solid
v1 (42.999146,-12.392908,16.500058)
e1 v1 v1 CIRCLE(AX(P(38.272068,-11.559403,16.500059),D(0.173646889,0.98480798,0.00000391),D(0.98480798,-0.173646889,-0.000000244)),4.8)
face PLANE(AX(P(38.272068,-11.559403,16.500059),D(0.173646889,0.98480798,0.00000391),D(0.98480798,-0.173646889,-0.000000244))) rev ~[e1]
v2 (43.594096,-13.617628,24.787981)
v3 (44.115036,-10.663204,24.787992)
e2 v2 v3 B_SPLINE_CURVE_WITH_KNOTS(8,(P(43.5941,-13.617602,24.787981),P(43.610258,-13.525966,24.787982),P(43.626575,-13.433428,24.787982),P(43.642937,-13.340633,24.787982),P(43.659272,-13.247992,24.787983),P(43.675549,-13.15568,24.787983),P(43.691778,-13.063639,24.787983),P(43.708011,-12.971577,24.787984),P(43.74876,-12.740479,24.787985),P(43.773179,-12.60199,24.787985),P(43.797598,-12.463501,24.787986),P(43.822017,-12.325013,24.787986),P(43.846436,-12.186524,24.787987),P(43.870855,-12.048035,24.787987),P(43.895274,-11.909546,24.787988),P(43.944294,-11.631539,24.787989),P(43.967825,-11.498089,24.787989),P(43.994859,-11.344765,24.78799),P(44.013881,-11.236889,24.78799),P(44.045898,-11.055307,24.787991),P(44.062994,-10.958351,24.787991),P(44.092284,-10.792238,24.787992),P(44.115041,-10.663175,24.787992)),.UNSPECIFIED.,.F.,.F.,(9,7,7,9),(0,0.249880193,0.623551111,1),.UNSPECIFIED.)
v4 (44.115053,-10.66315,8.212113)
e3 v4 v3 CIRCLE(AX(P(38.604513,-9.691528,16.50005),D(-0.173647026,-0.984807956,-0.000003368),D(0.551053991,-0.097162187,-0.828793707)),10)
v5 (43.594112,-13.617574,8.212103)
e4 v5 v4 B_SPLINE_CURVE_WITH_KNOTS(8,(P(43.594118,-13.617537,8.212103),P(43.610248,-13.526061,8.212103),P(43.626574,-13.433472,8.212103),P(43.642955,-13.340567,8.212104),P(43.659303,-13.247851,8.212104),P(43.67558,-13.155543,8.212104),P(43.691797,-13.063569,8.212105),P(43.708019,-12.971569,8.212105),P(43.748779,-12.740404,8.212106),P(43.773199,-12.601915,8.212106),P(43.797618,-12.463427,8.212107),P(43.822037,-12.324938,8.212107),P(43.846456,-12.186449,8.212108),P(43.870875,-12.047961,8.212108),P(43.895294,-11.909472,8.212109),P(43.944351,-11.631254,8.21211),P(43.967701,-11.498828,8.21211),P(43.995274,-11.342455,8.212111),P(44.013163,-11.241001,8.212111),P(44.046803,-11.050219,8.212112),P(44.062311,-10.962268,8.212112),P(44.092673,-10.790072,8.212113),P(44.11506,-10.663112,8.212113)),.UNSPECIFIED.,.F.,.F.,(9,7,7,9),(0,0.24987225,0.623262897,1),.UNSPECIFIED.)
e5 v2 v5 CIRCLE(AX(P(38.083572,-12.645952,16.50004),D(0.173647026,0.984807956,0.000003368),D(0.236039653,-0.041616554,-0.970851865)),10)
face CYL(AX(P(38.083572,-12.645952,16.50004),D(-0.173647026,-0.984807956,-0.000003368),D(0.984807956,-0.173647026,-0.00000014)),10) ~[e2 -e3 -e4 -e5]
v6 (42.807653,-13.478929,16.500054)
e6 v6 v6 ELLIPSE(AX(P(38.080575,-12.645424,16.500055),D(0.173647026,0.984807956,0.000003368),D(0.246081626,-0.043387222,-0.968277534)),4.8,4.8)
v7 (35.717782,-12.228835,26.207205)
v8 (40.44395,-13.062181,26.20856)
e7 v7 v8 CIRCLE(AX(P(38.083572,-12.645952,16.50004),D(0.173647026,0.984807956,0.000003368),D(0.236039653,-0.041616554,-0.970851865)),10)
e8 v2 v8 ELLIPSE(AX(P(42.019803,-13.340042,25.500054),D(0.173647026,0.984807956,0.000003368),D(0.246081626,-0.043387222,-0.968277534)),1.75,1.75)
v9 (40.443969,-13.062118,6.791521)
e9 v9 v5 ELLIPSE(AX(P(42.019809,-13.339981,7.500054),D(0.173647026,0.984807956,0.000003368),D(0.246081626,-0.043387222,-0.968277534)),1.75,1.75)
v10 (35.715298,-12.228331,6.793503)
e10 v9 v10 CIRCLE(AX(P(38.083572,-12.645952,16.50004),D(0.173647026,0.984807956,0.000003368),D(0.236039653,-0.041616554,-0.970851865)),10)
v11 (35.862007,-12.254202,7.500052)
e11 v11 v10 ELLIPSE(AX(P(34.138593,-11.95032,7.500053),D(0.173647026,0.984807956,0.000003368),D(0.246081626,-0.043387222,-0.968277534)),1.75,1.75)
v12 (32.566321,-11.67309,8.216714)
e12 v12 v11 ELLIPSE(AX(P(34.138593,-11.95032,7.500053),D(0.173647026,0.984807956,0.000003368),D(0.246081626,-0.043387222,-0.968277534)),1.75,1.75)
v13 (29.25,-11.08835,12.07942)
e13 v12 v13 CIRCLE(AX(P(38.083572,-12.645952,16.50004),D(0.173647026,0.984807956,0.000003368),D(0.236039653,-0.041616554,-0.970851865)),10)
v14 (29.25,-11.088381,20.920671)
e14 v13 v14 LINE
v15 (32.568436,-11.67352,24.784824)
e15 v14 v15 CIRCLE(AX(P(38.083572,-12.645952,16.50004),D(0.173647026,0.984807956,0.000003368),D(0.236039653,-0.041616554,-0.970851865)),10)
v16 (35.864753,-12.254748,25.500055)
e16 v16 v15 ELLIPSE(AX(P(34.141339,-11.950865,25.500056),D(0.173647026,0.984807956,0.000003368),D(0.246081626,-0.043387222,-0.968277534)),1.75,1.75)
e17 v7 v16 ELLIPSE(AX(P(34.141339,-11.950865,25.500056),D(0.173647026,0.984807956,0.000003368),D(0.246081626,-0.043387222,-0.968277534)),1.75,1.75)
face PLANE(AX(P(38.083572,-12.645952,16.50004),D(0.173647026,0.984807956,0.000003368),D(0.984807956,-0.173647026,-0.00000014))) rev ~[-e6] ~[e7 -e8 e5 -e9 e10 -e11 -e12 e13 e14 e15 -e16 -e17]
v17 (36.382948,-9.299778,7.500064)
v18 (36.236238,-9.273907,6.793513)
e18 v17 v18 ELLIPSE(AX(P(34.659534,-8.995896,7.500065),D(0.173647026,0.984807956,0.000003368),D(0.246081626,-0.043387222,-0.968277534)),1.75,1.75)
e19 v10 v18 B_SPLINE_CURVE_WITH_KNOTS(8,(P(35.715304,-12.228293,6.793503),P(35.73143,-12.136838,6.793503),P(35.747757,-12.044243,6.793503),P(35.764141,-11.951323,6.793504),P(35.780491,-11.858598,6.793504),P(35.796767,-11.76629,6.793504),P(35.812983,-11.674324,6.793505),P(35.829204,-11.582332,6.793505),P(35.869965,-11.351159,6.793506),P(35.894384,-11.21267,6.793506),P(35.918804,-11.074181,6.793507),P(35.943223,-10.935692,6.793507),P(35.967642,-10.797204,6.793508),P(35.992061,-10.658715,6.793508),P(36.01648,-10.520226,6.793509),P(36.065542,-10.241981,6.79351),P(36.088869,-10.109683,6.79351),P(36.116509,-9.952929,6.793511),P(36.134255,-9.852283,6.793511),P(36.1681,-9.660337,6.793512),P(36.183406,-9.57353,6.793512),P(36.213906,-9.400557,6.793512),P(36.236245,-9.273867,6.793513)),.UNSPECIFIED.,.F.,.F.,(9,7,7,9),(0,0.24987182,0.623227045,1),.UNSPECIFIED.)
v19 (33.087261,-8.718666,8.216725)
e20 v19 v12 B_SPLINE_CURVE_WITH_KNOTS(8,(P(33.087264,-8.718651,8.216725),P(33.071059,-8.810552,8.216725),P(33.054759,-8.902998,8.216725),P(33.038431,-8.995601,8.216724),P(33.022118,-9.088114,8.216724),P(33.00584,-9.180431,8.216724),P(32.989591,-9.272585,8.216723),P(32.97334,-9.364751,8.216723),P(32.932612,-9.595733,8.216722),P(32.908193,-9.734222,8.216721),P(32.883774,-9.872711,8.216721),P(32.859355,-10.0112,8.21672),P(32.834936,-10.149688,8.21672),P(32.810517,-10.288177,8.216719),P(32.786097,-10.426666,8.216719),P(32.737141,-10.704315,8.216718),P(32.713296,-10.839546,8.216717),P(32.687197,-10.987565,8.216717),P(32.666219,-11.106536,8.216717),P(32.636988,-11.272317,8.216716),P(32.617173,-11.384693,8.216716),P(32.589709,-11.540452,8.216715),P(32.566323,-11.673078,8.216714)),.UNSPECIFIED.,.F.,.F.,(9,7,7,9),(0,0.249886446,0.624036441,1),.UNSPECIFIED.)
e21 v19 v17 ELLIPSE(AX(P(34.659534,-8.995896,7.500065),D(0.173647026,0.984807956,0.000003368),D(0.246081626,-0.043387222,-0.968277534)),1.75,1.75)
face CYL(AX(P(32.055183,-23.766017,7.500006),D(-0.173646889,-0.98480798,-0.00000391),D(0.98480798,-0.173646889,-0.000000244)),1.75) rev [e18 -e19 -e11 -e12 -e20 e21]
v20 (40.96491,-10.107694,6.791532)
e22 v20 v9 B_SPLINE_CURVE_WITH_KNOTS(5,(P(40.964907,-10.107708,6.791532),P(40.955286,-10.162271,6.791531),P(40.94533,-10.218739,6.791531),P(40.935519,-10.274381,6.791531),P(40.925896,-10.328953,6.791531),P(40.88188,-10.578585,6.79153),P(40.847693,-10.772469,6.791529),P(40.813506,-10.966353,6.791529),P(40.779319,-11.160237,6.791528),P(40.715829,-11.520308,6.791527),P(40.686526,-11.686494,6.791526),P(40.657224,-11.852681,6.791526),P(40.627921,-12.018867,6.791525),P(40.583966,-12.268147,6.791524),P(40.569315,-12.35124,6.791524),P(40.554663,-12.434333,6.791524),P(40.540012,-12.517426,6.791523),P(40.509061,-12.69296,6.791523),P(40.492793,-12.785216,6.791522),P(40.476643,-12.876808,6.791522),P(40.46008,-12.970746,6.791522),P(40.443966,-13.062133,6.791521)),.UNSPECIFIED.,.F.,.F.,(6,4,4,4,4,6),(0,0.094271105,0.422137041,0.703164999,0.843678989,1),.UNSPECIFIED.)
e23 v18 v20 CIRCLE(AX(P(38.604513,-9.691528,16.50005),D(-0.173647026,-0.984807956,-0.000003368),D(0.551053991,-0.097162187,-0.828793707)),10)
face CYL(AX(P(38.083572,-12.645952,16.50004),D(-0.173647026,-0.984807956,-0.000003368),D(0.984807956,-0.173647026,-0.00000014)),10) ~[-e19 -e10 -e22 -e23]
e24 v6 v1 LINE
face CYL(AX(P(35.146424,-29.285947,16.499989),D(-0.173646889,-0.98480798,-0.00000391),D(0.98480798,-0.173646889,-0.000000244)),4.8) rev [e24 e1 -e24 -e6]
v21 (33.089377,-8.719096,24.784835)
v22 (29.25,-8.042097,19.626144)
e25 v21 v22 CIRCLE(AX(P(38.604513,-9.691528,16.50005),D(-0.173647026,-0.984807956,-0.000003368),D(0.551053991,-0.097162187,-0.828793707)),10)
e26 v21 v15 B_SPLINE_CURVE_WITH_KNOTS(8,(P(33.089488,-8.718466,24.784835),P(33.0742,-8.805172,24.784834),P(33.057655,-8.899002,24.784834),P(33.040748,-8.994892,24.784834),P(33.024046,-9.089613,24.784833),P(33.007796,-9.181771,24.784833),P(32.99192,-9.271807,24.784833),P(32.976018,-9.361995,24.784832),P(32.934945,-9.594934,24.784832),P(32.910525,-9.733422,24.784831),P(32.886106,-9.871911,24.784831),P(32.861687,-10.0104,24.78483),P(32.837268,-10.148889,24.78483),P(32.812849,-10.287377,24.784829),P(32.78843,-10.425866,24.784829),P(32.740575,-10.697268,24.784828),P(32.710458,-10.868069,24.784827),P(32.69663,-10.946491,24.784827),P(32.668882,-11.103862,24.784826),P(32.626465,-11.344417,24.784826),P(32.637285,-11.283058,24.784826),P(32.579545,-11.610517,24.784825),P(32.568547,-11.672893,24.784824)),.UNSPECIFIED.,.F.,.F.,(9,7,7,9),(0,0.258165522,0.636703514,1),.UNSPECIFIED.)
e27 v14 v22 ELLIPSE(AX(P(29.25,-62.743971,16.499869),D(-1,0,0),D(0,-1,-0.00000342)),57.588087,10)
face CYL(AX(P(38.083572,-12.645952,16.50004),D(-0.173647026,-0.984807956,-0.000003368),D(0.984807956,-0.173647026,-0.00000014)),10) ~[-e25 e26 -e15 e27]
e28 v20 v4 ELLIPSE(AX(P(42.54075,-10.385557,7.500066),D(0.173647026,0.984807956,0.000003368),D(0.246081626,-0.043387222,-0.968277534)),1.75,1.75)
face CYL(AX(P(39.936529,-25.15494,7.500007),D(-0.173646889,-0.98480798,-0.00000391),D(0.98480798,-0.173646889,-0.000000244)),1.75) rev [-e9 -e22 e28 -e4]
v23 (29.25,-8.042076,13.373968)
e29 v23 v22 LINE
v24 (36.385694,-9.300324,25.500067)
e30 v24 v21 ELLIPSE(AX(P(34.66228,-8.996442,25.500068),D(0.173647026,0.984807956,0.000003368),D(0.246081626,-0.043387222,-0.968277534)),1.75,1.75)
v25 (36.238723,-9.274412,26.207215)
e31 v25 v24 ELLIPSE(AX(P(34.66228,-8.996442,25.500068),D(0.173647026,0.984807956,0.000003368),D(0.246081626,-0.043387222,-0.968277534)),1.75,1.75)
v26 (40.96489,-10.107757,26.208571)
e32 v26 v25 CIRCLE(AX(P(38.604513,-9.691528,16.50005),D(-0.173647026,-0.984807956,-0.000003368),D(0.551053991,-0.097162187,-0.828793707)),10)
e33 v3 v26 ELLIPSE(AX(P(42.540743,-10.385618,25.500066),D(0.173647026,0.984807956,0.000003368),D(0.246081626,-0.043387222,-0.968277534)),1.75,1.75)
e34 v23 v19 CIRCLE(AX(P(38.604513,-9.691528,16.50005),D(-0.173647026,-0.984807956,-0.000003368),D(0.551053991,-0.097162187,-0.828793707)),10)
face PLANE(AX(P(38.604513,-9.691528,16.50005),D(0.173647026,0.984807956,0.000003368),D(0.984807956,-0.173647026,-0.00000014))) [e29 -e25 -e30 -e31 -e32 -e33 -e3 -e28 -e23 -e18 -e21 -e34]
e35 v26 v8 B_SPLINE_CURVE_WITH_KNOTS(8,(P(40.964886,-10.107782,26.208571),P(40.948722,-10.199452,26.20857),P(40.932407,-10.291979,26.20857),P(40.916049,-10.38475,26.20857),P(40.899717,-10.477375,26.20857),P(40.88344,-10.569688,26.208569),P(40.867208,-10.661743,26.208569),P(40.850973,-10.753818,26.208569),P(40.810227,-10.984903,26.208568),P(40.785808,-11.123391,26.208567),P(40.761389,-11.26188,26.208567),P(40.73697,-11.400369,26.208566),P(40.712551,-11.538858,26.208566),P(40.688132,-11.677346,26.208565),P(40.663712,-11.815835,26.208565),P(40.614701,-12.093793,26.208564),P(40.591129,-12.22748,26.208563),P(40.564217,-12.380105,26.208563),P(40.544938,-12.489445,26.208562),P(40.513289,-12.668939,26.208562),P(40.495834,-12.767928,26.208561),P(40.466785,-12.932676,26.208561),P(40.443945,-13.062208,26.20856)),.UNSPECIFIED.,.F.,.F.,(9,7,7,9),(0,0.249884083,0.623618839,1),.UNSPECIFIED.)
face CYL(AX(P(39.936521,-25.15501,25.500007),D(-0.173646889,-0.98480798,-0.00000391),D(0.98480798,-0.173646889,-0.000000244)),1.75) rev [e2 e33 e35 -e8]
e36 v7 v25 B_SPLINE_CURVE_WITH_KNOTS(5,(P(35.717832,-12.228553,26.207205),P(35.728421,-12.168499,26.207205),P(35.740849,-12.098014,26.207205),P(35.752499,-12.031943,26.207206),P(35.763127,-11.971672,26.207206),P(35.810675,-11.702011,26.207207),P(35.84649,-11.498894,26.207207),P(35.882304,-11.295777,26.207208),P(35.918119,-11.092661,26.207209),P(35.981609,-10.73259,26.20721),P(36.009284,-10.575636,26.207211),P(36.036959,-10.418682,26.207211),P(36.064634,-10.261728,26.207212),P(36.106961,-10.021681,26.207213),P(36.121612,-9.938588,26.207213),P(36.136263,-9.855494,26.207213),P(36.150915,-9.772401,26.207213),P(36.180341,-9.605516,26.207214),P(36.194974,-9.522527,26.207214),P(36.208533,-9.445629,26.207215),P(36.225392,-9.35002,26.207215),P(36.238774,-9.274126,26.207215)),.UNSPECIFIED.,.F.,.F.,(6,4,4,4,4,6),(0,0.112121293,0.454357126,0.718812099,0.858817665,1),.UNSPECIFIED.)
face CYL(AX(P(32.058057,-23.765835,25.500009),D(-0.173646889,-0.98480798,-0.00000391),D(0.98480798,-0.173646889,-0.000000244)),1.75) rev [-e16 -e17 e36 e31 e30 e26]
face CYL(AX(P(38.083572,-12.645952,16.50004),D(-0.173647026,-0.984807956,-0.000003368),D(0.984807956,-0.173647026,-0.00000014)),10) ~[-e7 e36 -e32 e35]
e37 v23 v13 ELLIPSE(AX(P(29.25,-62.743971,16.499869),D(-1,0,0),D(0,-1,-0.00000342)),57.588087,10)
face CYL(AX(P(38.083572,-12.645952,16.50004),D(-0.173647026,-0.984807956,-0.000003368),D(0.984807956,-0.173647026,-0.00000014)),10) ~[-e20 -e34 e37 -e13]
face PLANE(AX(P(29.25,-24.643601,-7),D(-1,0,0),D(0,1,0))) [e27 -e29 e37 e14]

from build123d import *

# Parameters (mm, degrees)
CYLINDER064_R               = 4.8
CYLINDER064_DEPTH           = 18
CYLINDER064_ROLL_ANGLE      = -89.999776
CYLINDER064_PITCH_ANGLE     = 1.4e-05
CYLINDER064_PLACEMENT_ANGLE = -9.999925
PAD011_DEPTH                = 47
CYLINDER051_R               = 1.75
CYLINDER051_DEPTH           = 18
CYLINDER051_ROLL_ANGLE      = -89.999776
CYLINDER051_PITCH_ANGLE     = 1.4e-05
CYLINDER051_PLACEMENT_ANGLE = -9.999925
CYLINDER053_R               = 1.75
CYLINDER053_DEPTH           = 18
CYLINDER053_ROLL_ANGLE      = -89.999776
CYLINDER053_PITCH_ANGLE     = 1.4e-05
CYLINDER053_PLACEMENT_ANGLE = -9.999925
CYLINDER054_R               = 1.75
CYLINDER054_DEPTH           = 18
CYLINDER054_ROLL_ANGLE      = -89.999776
CYLINDER054_PITCH_ANGLE     = 1.4e-05
CYLINDER054_PLACEMENT_ANGLE = -9.999925
CYLINDER059_R               = 1.75
CYLINDER059_DEPTH           = 18
CYLINDER059_ROLL_ANGLE      = -89.999776
CYLINDER059_PITCH_ANGLE     = 1.4e-05
CYLINDER059_PLACEMENT_ANGLE = -9.999925
CYLINDER055_R               = 10
CYLINDER055_DEPTH           = 3
CYLINDER055_ROLL_ANGLE      = -89.999807
CYLINDER055_PITCH_ANGLE     = 8e-06
CYLINDER055_PLACEMENT_ANGLE = -9.999933


with BuildPart() as cylinder064:
    # Cylinder064 → Cylinder064 (new body)
    with BuildSketch(Plane.XY):
        Circle(CYLINDER064_R)
    extrude(amount=CYLINDER064_DEPTH)


with BuildPart() as cylinder064_1:
    # Cylinder064 roll: moved
    add(cylinder064.part.rotate(Axis((0, 0, 0), (1, 0, 0)), CYLINDER064_ROLL_ANGLE))


with BuildPart() as cylinder064_2:
    # Cylinder064 pitch: moved
    add(cylinder064_1.part.rotate(Axis((0, 0, 0), (0, 1, 0)), CYLINDER064_PITCH_ANGLE))


with BuildPart() as cylinder064_3:
    # Cylinder064 placement: moved
    add(cylinder064_2.part.moved(Location((35.146424, -29.285947, 16.499989))).rotate(Axis((35.146424, -29.285947, 16.499989), (0, 0, 1)), CYLINDER064_PLACEMENT_ANGLE))


with BuildPart() as winkel_p001:
    # Sketch011 → Pad011 (new body)
    with BuildSketch(Plane.XY):
        Polygon((29.25, 0), (25.25, 0), (25.25, -28), (44.946155, -31.472964), (45.640748, -27.533733), (29.25, -24.643601), align=None)
    extrude(amount=PAD011_DEPTH)


with BuildPart() as winkel_p001_1:
    # Body013 placement: moved
    add(winkel_p001.part.moved(Location((0, 0, -7))))


with BuildPart() as cylinder051:
    # Cylinder051 → Cylinder051 (new body)
    with BuildSketch(Plane.XY):
        Circle(CYLINDER051_R)
    extrude(amount=CYLINDER051_DEPTH)


with BuildPart() as cylinder051_1:
    # Cylinder051 roll: moved
    add(cylinder051.part.rotate(Axis((0, 0, 0), (1, 0, 0)), CYLINDER051_ROLL_ANGLE))


with BuildPart() as cylinder051_2:
    # Cylinder051 pitch: moved
    add(cylinder051_1.part.rotate(Axis((0, 0, 0), (0, 1, 0)), CYLINDER051_PITCH_ANGLE))


with BuildPart() as cylinder051_3:
    # Cylinder051 placement: moved
    add(cylinder051_2.part.moved(Location((32.058057, -23.765835, 25.500009))).rotate(Axis((32.058057, -23.765835, 25.500009), (0, 0, 1)), CYLINDER051_PLACEMENT_ANGLE))


with BuildPart() as cylinder053:
    # Cylinder053 → Cylinder053 (new body)
    with BuildSketch(Plane.XY):
        Circle(CYLINDER053_R)
    extrude(amount=CYLINDER053_DEPTH)


with BuildPart() as cylinder053_1:
    # Cylinder053 roll: moved
    add(cylinder053.part.rotate(Axis((0, 0, 0), (1, 0, 0)), CYLINDER053_ROLL_ANGLE))


with BuildPart() as cylinder053_2:
    # Cylinder053 pitch: moved
    add(cylinder053_1.part.rotate(Axis((0, 0, 0), (0, 1, 0)), CYLINDER053_PITCH_ANGLE))


with BuildPart() as cylinder053_3:
    # Cylinder053 placement: moved
    add(cylinder053_2.part.moved(Location((39.936521, -25.15501, 25.500007))).rotate(Axis((39.936521, -25.15501, 25.500007), (0, 0, 1)), CYLINDER053_PLACEMENT_ANGLE))


with BuildPart() as cylinder054:
    # Cylinder054 → Cylinder054 (new body)
    with BuildSketch(Plane.XY):
        Circle(CYLINDER054_R)
    extrude(amount=CYLINDER054_DEPTH)


with BuildPart() as cylinder054_1:
    # Cylinder054 roll: moved
    add(cylinder054.part.rotate(Axis((0, 0, 0), (1, 0, 0)), CYLINDER054_ROLL_ANGLE))


with BuildPart() as cylinder054_2:
    # Cylinder054 pitch: moved
    add(cylinder054_1.part.rotate(Axis((0, 0, 0), (0, 1, 0)), CYLINDER054_PITCH_ANGLE))


with BuildPart() as cylinder054_3:
    # Cylinder054 placement: moved
    add(cylinder054_2.part.moved(Location((32.055183, -23.766017, 7.500006))).rotate(Axis((32.055183, -23.766017, 7.500006), (0, 0, 1)), CYLINDER054_PLACEMENT_ANGLE))


with BuildPart() as cylinder059:
    # Cylinder059 → Cylinder059 (new body)
    with BuildSketch(Plane.XY):
        Circle(CYLINDER059_R)
    extrude(amount=CYLINDER059_DEPTH)


with BuildPart() as cylinder059_1:
    # Cylinder059 roll: moved
    add(cylinder059.part.rotate(Axis((0, 0, 0), (1, 0, 0)), CYLINDER059_ROLL_ANGLE))


with BuildPart() as cylinder059_2:
    # Cylinder059 pitch: moved
    add(cylinder059_1.part.rotate(Axis((0, 0, 0), (0, 1, 0)), CYLINDER059_PITCH_ANGLE))


with BuildPart() as cylinder059_3:
    # Cylinder059 placement: moved
    add(cylinder059_2.part.moved(Location((39.936529, -25.15494, 7.500007))).rotate(Axis((39.936529, -25.15494, 7.500007), (0, 0, 1)), CYLINDER059_PLACEMENT_ANGLE))


with BuildPart() as cut061:
    # Cylinder055 → Cylinder055 (new body)
    with BuildSketch(Plane.XY):
        Circle(CYLINDER055_R)
    extrude(amount=CYLINDER055_DEPTH)


with BuildPart() as cut061_1:
    # Cylinder055 roll: moved
    add(cut061.part.rotate(Axis((0, 0, 0), (1, 0, 0)), CYLINDER055_ROLL_ANGLE))


with BuildPart() as cut061_2:
    # Cylinder055 pitch: moved
    add(cut061_1.part.rotate(Axis((0, 0, 0), (0, 1, 0)), CYLINDER055_PITCH_ANGLE))


with BuildPart() as cut061_3:
    # Cylinder055 placement: moved
    add(cut061_2.part.moved(Location((38.083572, -12.645952, 16.50004))).rotate(Axis((38.083572, -12.645952, 16.50004), (0, 0, 1)), CYLINDER055_PLACEMENT_ANGLE))

    # Cut053: cut Cylinder059
    add(cylinder059_3.part, mode=Mode.SUBTRACT)

    # Cut054: cut Cylinder054
    add(cylinder054_3.part, mode=Mode.SUBTRACT)

    # Cut055: cut Cylinder053
    add(cylinder053_3.part, mode=Mode.SUBTRACT)

    # Cut056: cut Cylinder051
    add(cylinder051_3.part, mode=Mode.SUBTRACT)

    # Cut057: cut winkel_p001
    add(winkel_p001_1.part, mode=Mode.SUBTRACT)

    # Cut061: cut Cylinder064
    add(cylinder064_3.part, mode=Mode.SUBTRACT)


solid = cut061_3.part
